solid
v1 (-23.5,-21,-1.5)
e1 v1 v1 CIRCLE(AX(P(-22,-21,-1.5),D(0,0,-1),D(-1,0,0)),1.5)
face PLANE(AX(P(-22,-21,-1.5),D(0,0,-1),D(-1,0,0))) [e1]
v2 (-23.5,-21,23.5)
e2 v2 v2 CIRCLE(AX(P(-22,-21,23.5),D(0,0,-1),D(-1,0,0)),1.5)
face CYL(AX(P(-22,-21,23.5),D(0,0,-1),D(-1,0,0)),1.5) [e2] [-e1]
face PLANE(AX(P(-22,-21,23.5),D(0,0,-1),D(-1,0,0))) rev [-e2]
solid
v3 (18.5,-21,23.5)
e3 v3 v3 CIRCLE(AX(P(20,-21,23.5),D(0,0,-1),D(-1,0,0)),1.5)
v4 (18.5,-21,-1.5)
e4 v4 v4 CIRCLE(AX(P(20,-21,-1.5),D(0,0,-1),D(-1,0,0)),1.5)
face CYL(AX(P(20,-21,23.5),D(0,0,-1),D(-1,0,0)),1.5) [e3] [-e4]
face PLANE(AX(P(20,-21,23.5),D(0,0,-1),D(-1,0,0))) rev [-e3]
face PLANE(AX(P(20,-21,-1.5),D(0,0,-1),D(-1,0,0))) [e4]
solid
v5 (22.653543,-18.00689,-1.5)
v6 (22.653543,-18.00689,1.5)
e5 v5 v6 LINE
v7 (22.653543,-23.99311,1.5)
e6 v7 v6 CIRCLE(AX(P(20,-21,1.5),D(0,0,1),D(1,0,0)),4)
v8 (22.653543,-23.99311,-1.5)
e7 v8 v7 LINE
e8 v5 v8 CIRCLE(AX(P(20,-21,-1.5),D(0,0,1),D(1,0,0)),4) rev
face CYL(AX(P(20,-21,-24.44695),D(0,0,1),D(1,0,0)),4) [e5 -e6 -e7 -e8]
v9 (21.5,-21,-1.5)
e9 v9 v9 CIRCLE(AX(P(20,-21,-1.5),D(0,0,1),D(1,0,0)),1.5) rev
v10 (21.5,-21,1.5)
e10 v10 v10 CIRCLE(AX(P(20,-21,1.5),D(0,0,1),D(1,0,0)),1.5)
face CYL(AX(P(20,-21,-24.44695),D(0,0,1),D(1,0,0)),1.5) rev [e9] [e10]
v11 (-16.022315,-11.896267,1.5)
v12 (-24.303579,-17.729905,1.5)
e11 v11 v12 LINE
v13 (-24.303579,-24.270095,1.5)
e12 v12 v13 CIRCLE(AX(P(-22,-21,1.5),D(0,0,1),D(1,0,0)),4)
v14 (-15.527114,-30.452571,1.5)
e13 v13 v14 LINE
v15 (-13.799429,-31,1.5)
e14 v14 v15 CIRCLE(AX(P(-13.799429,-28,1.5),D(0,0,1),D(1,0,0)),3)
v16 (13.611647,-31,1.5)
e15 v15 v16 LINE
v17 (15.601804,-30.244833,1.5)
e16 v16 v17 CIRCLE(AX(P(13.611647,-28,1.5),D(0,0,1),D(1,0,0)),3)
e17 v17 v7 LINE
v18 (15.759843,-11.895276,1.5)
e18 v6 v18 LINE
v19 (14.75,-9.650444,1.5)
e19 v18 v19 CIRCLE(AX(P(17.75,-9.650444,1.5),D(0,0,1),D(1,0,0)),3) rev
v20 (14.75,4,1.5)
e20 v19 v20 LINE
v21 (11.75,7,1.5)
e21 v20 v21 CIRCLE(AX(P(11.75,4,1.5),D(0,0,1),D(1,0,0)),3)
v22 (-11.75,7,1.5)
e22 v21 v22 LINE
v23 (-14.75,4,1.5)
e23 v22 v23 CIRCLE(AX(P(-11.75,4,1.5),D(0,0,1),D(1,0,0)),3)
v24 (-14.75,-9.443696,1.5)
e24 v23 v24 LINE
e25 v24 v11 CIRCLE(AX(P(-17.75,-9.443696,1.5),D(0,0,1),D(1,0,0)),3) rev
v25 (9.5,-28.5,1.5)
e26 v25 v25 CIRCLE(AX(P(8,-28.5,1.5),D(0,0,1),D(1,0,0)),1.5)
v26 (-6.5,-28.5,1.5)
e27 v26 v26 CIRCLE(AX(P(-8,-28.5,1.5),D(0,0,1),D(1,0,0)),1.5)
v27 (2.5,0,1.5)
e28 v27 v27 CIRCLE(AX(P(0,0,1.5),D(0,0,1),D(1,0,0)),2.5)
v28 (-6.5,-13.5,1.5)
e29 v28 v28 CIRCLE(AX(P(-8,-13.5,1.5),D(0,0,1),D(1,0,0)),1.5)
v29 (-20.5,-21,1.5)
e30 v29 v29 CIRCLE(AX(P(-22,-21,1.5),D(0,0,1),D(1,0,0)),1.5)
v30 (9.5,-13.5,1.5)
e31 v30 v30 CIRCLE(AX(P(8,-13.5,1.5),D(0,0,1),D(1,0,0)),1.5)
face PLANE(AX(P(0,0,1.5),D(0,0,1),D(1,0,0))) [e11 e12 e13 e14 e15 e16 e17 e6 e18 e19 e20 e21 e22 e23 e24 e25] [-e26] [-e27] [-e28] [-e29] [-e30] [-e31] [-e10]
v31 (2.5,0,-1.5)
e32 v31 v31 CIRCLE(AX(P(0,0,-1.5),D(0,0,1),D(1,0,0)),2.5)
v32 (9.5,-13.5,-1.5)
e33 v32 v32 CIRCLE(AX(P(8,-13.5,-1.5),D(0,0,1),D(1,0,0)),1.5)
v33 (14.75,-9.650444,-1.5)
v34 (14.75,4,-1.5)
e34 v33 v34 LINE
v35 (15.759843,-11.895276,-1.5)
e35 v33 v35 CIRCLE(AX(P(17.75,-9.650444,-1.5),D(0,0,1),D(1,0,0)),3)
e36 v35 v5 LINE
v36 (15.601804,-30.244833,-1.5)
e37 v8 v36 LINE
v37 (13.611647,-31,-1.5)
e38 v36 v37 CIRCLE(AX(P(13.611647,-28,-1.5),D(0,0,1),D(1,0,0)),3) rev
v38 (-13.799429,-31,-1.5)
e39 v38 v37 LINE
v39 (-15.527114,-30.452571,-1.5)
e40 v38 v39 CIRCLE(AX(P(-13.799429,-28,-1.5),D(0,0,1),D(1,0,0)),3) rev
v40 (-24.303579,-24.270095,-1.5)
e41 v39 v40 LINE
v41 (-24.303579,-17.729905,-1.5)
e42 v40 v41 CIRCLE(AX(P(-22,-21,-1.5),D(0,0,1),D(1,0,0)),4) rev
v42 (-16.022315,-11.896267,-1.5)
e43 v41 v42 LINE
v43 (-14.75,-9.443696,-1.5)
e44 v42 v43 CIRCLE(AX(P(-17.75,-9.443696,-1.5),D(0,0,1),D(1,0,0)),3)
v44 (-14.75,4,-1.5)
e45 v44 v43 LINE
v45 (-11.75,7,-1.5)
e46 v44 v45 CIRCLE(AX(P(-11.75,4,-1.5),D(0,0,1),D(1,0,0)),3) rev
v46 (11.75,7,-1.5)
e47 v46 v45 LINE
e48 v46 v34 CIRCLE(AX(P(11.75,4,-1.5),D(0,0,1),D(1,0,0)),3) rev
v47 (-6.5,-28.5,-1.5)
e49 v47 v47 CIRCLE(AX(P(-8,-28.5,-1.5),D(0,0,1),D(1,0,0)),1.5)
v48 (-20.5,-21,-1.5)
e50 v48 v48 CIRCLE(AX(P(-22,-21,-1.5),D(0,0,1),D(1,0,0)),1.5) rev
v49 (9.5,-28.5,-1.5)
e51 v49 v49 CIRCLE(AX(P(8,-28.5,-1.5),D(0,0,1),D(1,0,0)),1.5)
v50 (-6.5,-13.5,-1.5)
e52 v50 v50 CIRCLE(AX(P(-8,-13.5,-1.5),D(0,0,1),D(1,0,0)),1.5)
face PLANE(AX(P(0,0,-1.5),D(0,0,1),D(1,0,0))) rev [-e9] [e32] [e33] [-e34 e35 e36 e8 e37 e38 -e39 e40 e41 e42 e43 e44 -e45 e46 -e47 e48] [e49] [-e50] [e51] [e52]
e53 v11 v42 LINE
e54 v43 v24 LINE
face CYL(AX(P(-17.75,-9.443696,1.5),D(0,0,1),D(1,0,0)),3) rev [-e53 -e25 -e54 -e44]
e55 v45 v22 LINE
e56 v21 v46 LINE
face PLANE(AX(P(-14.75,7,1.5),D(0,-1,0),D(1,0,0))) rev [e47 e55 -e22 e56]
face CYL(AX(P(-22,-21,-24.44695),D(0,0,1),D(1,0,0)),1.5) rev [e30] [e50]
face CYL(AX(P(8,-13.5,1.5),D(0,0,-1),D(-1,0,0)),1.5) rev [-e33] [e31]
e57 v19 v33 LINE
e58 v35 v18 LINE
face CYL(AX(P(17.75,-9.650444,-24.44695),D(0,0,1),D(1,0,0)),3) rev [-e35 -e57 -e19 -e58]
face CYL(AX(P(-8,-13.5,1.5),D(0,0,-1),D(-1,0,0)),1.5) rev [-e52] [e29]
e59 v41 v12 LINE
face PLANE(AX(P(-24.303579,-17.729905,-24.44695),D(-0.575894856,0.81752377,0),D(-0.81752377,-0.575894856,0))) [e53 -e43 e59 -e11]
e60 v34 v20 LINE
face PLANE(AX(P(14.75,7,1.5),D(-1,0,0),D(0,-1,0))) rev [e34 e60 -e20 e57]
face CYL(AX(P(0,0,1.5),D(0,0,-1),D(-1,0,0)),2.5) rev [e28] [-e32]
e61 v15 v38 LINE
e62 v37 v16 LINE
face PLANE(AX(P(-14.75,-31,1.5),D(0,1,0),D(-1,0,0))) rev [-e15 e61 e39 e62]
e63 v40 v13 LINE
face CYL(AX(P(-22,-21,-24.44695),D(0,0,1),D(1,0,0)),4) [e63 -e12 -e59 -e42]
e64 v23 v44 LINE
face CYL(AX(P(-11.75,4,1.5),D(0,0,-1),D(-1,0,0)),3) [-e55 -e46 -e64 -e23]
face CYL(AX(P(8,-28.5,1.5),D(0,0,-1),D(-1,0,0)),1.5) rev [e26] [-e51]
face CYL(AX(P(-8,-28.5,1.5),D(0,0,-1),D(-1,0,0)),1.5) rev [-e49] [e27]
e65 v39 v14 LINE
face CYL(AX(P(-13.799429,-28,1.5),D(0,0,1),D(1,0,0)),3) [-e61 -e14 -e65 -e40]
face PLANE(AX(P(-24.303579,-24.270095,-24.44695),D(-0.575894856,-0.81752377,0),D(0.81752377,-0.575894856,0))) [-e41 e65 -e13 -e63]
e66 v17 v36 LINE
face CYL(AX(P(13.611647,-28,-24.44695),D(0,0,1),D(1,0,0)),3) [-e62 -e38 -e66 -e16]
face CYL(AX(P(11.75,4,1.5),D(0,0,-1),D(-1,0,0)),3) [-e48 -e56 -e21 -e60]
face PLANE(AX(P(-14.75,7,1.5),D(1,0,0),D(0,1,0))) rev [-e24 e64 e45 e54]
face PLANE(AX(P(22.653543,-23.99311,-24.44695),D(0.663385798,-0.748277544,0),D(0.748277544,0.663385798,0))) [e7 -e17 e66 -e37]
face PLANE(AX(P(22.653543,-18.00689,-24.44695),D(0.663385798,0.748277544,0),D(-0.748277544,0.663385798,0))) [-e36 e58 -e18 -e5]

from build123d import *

# Parameters (mm, degrees)
SKETCH2_W             = 29.5
SKETCH2_H             = 38
SKETCH2_R             = 1.5
SKETCH2_R_2           = 2.5
BOSS_EXTRUDE1_DEPTH   = 1.5
SKETCH3_R             = 1.5
BOSS_EXTRUDE2_DEPTH   = 3
FILLET2_R             = 3
SKETCH4_R             = 1.5
BOSS_EXTRUDE3_DEPTH   = 25
BOSS_EXTRUDE3_2_DEPTH = 25


with BuildPart() as part:
    # Sketch2 → Boss-Extrude1 (new, symmetric)
    with BuildSketch(Plane.XY):
        with Locations((0, -12)):
            Rectangle(SKETCH2_W, SKETCH2_H)
        with Locations((-8, -13.5)):
            Circle(SKETCH2_R, mode=Mode.SUBTRACT)
        with Locations((8, -13.5)):
            Circle(SKETCH2_R, mode=Mode.SUBTRACT)
        with Locations((8, -28.5)):
            Circle(SKETCH2_R, mode=Mode.SUBTRACT)
        with Locations((-8, -28.5)):
            Circle(SKETCH2_R, mode=Mode.SUBTRACT)
        Circle(SKETCH2_R_2, mode=Mode.SUBTRACT)
    extrude(amount=BOSS_EXTRUDE1_DEPTH, both=True)

    # Sketch3 → Boss-Extrude2 (add)
    # profile 1 of 2: a face of its own
    with BuildSketch(Plane.XY.offset(1.5)):
        with BuildLine():
            Line((-24.303579423, -24.270095082), (-14.75, -31))
            Line((-14.75, -31), (-14.75, -11))
            Line((-14.75, -11), (-24.303579423, -17.729904918))
            ThreePointArc((-24.303579423, -17.729904918), (-26, -21), (-24.303579423, -24.270095082))
        make_face()
        with Locations((-22, -21)):
            Circle(SKETCH3_R, mode=Mode.SUBTRACT)
    # profile 2 of 2: a face of its own
    with BuildSketch(Plane.XY.offset(1.5)):
        with BuildLine():
            Line((22.653543192, -23.993110176), (14.75, -31))
            Line((14.75, -31), (14.75, -11))
            Line((14.75, -11), (22.653543192, -18.006889824))
            ThreePointArc((22.653543192, -18.006889824), (24, -21), (22.653543192, -23.993110176))
        make_face()
        with Locations((20, -21)):
            Circle(SKETCH3_R, mode=Mode.SUBTRACT)
    extrude(amount=-BOSS_EXTRUDE2_DEPTH)

    # Fillet2
    fillet2_edges = [part.edges().sort_by_distance(p)[0] for p in [
        (-14.75, -11, 0),
        (14.75, -11, 0),
        (-14.75, 7, 0),
        (14.75, 7, 0),
        (14.75, -31, 0),
        (-14.75, -31, 0),
    ]]
    fillet(fillet2_edges, radius=FILLET2_R)


with BuildPart() as body_2:
    # Sketch4 → Boss-Extrude3 (new body)
    with BuildSketch(Plane(origin=(0, 0, -1.5), x_dir=(-1, 0, 0), z_dir=(0, 0, -1))):
        with Locations((22, -21)):
            Circle(SKETCH4_R)
    extrude(amount=-BOSS_EXTRUDE3_DEPTH)


with BuildPart() as body_3:
    # Sketch4 → Boss-Extrude3 2 (new body)
    with BuildSketch(Plane(origin=(0, 0, -1.5), x_dir=(-1, 0, 0), z_dir=(0, 0, -1))):
        with Locations((-20, -21)):
            Circle(SKETCH4_R)
    extrude(amount=-BOSS_EXTRUDE3_2_DEPTH)


solid = Compound([part.part, body_2.part, body_3.part])
